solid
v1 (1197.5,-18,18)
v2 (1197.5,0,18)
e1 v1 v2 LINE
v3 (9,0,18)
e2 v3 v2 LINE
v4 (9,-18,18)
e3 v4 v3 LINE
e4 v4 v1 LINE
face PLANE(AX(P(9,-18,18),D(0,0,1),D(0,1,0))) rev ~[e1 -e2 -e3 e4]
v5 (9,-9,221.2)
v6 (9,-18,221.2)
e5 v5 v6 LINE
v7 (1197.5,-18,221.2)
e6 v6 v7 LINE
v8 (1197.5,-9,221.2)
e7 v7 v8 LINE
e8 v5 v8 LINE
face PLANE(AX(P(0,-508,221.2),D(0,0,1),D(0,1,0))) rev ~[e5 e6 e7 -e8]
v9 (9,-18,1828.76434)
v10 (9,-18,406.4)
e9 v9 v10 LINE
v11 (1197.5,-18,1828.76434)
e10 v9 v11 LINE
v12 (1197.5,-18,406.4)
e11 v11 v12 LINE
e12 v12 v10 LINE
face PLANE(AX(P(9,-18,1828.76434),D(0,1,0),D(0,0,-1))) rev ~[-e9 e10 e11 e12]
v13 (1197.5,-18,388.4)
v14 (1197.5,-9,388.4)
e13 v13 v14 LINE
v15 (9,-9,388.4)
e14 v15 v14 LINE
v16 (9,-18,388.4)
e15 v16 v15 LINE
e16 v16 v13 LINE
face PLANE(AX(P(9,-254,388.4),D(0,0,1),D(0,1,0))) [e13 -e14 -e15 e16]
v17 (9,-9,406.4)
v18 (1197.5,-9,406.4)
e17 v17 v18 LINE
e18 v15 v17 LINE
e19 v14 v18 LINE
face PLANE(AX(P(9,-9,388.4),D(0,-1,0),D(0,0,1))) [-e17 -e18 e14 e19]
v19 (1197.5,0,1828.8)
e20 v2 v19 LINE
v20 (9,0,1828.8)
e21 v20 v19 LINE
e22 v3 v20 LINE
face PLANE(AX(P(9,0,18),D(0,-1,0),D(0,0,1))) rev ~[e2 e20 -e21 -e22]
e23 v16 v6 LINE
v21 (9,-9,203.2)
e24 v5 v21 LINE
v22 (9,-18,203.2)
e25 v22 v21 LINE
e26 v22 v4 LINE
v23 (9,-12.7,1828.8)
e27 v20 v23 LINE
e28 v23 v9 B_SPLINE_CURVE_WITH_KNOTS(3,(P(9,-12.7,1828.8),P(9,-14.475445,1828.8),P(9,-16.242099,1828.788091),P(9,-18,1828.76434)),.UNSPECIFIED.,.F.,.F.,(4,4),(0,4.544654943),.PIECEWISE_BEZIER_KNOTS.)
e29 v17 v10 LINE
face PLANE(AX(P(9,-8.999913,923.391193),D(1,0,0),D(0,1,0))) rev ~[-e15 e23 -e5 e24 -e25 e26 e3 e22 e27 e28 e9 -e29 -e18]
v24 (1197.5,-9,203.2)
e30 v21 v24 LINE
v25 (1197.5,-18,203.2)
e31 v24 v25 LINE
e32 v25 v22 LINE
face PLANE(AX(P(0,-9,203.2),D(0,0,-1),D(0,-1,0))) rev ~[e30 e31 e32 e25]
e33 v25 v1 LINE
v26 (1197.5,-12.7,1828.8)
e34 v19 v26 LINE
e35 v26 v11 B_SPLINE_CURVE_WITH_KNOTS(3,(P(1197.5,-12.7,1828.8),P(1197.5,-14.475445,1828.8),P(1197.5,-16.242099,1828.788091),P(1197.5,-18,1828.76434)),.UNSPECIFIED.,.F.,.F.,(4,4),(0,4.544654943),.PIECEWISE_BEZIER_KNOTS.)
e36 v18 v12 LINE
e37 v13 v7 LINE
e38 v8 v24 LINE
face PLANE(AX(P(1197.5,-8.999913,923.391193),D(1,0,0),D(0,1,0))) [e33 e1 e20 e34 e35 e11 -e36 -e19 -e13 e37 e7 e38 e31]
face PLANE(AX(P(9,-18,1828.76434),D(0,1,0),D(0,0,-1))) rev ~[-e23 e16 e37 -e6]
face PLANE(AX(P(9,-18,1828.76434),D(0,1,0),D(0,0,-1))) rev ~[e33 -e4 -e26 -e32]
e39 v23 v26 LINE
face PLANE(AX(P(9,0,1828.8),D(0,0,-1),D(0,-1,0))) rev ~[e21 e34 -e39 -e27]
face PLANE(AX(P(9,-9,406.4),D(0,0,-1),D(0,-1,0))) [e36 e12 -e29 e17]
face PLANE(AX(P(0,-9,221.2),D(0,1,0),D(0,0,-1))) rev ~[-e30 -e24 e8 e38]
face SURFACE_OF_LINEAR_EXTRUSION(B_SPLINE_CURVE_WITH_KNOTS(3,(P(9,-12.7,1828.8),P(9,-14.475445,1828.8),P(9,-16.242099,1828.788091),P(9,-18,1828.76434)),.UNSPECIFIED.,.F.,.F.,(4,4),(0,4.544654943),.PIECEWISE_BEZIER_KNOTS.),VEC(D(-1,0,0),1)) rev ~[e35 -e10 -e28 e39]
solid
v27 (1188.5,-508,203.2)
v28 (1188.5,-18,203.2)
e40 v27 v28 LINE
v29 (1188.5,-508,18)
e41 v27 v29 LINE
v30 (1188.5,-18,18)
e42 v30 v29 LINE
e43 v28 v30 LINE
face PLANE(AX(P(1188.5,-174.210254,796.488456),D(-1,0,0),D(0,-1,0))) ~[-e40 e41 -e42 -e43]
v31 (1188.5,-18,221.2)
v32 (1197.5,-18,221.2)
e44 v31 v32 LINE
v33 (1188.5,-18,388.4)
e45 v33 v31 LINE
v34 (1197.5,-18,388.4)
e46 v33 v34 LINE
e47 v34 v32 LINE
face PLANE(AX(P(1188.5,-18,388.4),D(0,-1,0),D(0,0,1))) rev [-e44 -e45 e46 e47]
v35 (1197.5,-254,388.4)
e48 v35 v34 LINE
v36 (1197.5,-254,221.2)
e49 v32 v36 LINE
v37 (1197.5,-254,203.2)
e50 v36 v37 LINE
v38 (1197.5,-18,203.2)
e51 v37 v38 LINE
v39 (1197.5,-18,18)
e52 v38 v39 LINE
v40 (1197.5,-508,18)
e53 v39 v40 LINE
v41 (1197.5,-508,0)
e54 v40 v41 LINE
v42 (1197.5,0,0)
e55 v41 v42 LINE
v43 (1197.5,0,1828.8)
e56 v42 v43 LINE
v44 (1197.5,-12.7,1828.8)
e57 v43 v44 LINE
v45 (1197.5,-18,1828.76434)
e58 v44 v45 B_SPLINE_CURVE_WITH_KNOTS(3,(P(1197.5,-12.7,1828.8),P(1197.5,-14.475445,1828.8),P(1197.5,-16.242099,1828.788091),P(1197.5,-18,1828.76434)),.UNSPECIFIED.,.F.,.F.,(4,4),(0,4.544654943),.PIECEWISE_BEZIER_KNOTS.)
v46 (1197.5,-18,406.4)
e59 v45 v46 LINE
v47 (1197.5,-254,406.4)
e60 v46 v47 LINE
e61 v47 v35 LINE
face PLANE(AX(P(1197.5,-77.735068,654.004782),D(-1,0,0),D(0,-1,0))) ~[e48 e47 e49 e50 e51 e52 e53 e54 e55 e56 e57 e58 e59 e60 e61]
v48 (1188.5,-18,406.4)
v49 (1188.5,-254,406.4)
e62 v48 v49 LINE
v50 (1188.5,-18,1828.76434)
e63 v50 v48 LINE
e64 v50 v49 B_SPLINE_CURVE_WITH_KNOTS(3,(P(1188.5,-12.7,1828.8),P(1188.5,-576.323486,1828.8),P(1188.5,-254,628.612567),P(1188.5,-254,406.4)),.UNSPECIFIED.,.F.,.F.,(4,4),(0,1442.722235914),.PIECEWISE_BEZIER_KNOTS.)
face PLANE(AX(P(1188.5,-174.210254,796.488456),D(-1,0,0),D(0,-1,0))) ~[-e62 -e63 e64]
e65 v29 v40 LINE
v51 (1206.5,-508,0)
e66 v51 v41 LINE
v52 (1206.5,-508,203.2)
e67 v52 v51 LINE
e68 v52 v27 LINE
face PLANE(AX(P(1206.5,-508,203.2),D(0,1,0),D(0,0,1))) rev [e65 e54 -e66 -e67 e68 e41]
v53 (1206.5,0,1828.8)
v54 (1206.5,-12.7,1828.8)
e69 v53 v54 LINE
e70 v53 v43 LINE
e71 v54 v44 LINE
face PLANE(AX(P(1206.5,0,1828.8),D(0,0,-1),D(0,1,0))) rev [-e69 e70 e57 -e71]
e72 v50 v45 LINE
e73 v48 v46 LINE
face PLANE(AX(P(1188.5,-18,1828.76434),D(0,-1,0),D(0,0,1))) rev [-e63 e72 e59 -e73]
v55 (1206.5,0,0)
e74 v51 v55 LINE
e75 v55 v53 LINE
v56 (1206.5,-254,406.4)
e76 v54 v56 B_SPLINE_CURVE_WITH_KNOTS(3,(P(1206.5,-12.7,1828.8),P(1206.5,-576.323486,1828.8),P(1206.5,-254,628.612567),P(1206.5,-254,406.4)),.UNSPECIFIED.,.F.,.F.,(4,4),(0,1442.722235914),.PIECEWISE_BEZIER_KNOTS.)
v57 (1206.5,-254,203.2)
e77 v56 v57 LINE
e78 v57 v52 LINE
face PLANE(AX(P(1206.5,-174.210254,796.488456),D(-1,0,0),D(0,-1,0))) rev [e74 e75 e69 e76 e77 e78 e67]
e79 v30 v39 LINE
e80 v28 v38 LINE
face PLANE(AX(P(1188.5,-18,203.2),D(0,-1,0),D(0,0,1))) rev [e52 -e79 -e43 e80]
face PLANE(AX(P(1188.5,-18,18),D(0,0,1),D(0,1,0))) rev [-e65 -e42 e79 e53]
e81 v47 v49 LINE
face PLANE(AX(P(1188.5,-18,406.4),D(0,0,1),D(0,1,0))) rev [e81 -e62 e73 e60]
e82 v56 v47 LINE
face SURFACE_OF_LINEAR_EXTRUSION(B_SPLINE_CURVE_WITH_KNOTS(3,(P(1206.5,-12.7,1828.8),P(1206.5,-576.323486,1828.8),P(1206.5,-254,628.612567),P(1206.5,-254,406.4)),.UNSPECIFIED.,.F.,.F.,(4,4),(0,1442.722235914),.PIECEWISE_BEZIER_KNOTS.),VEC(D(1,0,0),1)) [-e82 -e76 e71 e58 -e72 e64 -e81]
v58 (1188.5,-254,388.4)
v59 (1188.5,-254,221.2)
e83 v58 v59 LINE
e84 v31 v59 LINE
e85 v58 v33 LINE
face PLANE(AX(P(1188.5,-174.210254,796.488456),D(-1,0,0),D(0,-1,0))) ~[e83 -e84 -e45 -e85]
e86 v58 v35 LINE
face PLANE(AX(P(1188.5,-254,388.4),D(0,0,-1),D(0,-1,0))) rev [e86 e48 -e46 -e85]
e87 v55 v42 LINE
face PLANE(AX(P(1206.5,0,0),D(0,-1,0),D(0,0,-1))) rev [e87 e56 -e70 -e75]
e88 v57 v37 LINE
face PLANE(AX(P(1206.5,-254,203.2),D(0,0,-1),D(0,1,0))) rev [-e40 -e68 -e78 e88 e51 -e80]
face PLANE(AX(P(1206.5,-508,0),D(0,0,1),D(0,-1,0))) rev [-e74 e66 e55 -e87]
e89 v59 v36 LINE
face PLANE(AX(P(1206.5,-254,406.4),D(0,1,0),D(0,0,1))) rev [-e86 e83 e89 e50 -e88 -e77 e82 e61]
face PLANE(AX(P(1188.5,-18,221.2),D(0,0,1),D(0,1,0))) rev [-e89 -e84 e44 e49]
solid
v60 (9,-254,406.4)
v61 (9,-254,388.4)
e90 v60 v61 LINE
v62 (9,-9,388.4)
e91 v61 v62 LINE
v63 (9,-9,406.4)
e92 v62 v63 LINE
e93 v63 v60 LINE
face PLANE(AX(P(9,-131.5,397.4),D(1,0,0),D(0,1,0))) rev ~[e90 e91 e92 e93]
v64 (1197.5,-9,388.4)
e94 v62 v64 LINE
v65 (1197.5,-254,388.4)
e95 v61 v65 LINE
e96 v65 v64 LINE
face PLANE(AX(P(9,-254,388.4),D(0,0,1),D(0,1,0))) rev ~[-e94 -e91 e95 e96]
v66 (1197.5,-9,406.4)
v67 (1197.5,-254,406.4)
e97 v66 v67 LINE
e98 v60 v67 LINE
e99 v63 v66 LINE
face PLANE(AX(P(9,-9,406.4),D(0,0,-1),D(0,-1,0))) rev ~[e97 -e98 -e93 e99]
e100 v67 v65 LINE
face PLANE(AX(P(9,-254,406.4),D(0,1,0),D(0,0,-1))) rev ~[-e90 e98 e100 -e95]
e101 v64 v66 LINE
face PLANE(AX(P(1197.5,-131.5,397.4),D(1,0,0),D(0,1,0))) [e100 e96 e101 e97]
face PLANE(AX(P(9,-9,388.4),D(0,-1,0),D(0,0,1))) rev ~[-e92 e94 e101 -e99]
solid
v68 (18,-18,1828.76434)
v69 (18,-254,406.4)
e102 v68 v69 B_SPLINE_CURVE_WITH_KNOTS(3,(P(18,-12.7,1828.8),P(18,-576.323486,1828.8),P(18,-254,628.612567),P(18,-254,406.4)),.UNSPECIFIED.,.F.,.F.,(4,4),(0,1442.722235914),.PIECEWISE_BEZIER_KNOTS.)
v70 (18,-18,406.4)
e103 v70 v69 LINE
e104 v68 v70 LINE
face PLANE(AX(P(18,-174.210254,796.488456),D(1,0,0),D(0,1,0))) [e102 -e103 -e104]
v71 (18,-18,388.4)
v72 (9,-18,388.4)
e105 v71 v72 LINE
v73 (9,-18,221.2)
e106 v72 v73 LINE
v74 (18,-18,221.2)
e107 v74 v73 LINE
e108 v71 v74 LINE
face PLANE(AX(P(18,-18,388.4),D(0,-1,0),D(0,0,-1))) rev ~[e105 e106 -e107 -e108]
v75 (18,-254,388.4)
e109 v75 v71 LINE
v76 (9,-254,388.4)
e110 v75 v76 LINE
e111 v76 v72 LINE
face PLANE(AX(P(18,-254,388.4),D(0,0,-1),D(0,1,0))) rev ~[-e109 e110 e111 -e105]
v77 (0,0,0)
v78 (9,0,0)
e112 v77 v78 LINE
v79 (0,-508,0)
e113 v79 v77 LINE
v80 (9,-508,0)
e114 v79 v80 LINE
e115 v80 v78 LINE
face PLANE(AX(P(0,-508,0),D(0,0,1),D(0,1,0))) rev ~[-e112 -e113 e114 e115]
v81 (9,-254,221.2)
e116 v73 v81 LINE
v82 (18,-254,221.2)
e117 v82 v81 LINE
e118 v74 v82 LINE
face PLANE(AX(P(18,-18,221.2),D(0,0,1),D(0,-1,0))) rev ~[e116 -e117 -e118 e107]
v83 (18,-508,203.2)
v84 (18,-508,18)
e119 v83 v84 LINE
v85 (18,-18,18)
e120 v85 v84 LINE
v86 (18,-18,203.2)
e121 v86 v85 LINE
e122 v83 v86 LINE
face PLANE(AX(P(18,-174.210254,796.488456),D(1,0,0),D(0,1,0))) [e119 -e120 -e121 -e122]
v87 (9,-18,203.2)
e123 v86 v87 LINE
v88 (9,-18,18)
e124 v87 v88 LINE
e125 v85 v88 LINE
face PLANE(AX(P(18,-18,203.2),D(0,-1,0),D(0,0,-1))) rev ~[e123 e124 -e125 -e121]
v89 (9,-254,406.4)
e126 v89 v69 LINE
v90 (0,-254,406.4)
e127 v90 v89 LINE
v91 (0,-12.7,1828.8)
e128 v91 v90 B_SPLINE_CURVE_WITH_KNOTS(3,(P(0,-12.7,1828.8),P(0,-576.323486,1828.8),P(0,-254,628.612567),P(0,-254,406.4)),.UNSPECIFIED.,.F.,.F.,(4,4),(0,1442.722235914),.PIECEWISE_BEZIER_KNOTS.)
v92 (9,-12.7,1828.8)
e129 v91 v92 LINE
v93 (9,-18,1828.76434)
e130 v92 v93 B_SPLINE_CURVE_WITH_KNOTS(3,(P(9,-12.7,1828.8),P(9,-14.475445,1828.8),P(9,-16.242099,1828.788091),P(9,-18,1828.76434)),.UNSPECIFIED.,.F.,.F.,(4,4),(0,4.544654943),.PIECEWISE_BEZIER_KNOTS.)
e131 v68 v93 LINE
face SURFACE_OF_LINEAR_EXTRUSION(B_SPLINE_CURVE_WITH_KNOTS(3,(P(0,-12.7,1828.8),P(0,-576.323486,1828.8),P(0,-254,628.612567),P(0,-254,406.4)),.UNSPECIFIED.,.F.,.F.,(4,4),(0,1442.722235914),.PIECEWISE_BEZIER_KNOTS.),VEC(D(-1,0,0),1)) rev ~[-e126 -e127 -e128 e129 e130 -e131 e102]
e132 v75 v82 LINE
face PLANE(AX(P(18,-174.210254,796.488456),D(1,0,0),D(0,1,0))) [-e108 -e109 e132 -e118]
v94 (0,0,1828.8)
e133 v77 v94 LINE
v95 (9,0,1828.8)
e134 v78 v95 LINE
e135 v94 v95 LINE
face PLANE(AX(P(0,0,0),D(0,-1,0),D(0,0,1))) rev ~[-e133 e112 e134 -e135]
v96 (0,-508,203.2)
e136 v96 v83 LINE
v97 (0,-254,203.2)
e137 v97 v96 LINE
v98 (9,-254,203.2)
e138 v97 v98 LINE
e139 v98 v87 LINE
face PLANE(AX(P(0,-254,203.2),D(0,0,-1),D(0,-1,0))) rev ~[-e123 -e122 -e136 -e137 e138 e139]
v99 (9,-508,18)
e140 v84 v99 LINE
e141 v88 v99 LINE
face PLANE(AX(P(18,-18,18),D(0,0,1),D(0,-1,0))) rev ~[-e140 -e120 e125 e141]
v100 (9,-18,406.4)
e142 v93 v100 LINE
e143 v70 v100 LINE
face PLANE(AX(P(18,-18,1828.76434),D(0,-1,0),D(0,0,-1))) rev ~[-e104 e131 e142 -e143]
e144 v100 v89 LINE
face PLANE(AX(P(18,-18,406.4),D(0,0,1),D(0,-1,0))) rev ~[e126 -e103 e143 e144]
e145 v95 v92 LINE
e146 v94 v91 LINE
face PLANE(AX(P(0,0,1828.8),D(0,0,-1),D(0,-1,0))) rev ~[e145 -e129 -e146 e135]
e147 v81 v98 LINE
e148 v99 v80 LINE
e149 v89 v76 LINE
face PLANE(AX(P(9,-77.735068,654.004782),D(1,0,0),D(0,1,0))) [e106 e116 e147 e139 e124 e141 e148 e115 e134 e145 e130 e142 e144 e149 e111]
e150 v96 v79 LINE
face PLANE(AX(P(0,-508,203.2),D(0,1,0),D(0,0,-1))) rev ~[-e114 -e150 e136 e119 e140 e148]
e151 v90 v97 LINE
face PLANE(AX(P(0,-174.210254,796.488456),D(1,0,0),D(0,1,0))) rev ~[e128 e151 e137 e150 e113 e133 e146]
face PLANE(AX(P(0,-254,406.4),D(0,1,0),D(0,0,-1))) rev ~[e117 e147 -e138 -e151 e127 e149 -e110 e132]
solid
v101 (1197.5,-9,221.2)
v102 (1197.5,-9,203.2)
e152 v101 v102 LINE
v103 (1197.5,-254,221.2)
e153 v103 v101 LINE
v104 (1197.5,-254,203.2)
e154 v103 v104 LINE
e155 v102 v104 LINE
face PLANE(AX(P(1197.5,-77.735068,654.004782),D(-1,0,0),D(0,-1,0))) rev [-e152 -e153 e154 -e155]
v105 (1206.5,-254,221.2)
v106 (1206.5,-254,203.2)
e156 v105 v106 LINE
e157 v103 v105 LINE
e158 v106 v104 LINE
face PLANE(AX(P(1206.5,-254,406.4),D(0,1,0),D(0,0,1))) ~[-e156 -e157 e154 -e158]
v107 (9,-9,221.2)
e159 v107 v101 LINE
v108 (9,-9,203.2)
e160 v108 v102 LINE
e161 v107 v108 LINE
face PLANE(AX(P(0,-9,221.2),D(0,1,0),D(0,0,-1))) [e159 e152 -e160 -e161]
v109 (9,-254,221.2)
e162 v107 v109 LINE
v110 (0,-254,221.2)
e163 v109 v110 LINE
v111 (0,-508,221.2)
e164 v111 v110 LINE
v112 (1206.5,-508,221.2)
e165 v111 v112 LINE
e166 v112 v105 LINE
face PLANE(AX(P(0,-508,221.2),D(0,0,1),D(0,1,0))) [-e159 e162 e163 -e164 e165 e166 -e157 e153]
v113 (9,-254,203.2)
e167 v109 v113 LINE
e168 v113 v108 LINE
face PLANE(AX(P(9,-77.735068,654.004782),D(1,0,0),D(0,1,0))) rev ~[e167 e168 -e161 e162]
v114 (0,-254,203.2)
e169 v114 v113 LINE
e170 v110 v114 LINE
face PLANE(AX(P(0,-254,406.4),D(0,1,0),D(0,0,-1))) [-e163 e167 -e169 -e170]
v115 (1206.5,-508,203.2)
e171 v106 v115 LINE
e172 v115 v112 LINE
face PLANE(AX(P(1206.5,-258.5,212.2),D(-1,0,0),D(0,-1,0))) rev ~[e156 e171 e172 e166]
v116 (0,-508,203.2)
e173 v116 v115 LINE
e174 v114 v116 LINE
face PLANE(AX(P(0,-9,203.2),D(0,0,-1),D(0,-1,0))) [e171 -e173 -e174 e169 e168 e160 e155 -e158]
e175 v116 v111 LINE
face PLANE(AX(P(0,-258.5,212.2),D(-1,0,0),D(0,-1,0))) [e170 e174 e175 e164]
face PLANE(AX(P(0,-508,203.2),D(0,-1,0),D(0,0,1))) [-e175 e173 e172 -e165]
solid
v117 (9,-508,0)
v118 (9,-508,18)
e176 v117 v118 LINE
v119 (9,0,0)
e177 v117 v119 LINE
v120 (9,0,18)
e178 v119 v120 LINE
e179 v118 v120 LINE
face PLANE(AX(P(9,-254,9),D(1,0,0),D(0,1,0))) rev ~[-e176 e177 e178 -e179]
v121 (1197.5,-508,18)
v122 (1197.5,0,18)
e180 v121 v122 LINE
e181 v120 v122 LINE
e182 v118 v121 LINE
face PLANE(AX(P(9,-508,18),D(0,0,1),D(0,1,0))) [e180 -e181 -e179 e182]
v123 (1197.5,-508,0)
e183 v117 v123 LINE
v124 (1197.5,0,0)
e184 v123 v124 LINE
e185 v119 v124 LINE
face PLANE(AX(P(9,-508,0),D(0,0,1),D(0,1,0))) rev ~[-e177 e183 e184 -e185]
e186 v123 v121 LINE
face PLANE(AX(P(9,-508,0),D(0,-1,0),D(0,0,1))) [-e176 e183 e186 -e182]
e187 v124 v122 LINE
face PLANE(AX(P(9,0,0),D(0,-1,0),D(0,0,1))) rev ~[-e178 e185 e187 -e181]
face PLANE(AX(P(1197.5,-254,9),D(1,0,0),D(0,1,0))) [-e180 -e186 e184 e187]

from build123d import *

# Parameters (mm, degrees)
F1_DEPTH  = 18
F3_DEPTH  = 9
F6_W      = 508
F6_H      = 18
F7_DEPTH  = 1188.5
F9_DEPTH  = 1188.5
F11_DEPTH = 1188.5
F14_DEPTH = 1206.5


with BuildPart() as f1:
    # F0 (on Right) → F1 (new body)
    with BuildSketch(Plane.YZ):
        with BuildLine():
            Line((-508, 0), (0, 0))
            Line((0, 0), (0, 1828.8))
            Line((0, 1828.8), (-12.7, 1828.8))
            add(Edge.make_bspline(
                [(-12.7, 1828.8), (-576.3234860751, 1828.8), (-254, 628.6125668436), (-254, 406.4)],
                knots=[0, 0, 0, 0, 1442.7222359138, 1442.7222359138, 1442.7222359138, 1442.7222359138], degree=3))
            Line((-254, 406.4), (-254, 203.2))
            Line((-254, 203.2), (-508, 203.2))
            Line((-508, 203.2), (-508, 0))
        make_face()
    extrude(amount=F1_DEPTH)

    # F2 (on face) → F3 (cut)
    with BuildSketch(Plane.YZ.offset(18)):
        with BuildLine():
            Line((0, 0), (0, 1828.8))
            Line((0, 1828.8), (-12.7, 1828.8))
            add(Edge.make_bspline(
                [(-12.7, 1828.8), (-14.4754451954, 1828.8), (-16.2420992729, 1828.7880907214), (-18, 1828.7643402483)],
                knots=[0, 0, 0, 0, 4.5446549432, 4.5446549432, 4.5446549432, 4.5446549432], degree=3))
            Line((-18, 1828.7643402483), (-18, 406.4))
            Line((-18, 406.4), (-254, 406.4))
            Line((-254, 406.4), (-254, 388.4))
            Line((-254, 388.4), (-18, 388.4))
            Line((-18, 388.4), (-18, 221.2))
            Line((-18, 221.2), (-254, 221.2))
            Line((-254, 221.2), (-254, 203.2))
            Line((-254, 203.2), (-18, 203.2))
            Line((-18, 203.2), (-18, 185.2))
            Line((-18, 185.2), (-18, 18))
            Line((-18, 18), (-508, 18))
            Line((-508, 18), (-508, 0))
            Line((-508, 0), (-19.05, 0))
            Line((-19.05, 0), (-18, 0))
            Line((-18, 0), (0, 0))
        make_face()
    extrude(amount=-F3_DEPTH, mode=Mode.SUBTRACT)


with BuildPart() as f5_1:
    # F5: instance of F1
    add(f1.part.mirror(Plane(origin=(603.25, -169.4224722203, 860.4731479353), x_dir=(0, 1, 0), z_dir=(-1, 0, 0))))


with BuildPart() as f7:
    # F6 (on face) → F7 (new body, through all)
    with BuildSketch(Plane.YZ.offset(9)):
        with Locations((-254, 9)):
            Rectangle(F6_W, F6_H)
    extrude(amount=F7_DEPTH)


with BuildPart() as f9:
    # F8 (on face) → F9 (new body, through all)
    with BuildSketch(Plane.YZ.offset(9)):
        with BuildLine():
            Line((0, 18), (0, 1828.8))
            Line((0, 1828.8), (-12.7, 1828.8))
            add(Edge.make_bspline(
                [(-12.7, 1828.8), (-14.4754451954, 1828.8), (-16.2420992729, 1828.7880907214), (-18, 1828.7643402483)],
                knots=[0, 0, 0, 0, 4.5446549432, 4.5446549432, 4.5446549432, 4.5446549432], degree=3))
            Line((-18, 1828.7643402483), (-18, 406.4))
            Line((-18, 406.4), (-18, 388.4))
            Line((-18, 388.4), (-18, 221.2))
            Line((-18, 221.2), (-18, 203.2))
            Line((-18, 203.2), (-18, 18))
            Line((-18, 18), (0, 18))
        make_face()
    extrude(amount=F9_DEPTH)


with BuildPart() as f11:
    # F10 (on face) → F11 (new body, through all)
    with BuildSketch(Plane.YZ.offset(9)):
        Polygon((-254, 406.4), (-254, 388.4), (-18, 388.4), (-9, 388.4), (-9, 406.4), (-18, 406.4), align=None)
    extrude(amount=F11_DEPTH)


with BuildPart() as f14:
    # F13 (on face) → F14 (new body, through all)
    with BuildSketch(Plane(origin=(0, 0, 0), x_dir=(0, -1, 0), z_dir=(-1, 0, 0))):
        Polygon((508, 203.2), (508, 221.2), (18, 221.2), (9, 221.2), (9, 203.2), (18, 203.2), align=None)
    extrude(amount=-F14_DEPTH)

    # F15: cut F1, F5_1
    add(f1.part, mode=Mode.SUBTRACT)
    add(f5_1.part, mode=Mode.SUBTRACT)


with BuildPart() as f9_1:
    add(f9.part)

    # F16: cut F11, F14
    add(f11.part, mode=Mode.SUBTRACT)
    add(f14.part, mode=Mode.SUBTRACT)


solid = Compound([f1.part, f5_1.part, f7.part, f11.part, f14.part, f9_1.part])
